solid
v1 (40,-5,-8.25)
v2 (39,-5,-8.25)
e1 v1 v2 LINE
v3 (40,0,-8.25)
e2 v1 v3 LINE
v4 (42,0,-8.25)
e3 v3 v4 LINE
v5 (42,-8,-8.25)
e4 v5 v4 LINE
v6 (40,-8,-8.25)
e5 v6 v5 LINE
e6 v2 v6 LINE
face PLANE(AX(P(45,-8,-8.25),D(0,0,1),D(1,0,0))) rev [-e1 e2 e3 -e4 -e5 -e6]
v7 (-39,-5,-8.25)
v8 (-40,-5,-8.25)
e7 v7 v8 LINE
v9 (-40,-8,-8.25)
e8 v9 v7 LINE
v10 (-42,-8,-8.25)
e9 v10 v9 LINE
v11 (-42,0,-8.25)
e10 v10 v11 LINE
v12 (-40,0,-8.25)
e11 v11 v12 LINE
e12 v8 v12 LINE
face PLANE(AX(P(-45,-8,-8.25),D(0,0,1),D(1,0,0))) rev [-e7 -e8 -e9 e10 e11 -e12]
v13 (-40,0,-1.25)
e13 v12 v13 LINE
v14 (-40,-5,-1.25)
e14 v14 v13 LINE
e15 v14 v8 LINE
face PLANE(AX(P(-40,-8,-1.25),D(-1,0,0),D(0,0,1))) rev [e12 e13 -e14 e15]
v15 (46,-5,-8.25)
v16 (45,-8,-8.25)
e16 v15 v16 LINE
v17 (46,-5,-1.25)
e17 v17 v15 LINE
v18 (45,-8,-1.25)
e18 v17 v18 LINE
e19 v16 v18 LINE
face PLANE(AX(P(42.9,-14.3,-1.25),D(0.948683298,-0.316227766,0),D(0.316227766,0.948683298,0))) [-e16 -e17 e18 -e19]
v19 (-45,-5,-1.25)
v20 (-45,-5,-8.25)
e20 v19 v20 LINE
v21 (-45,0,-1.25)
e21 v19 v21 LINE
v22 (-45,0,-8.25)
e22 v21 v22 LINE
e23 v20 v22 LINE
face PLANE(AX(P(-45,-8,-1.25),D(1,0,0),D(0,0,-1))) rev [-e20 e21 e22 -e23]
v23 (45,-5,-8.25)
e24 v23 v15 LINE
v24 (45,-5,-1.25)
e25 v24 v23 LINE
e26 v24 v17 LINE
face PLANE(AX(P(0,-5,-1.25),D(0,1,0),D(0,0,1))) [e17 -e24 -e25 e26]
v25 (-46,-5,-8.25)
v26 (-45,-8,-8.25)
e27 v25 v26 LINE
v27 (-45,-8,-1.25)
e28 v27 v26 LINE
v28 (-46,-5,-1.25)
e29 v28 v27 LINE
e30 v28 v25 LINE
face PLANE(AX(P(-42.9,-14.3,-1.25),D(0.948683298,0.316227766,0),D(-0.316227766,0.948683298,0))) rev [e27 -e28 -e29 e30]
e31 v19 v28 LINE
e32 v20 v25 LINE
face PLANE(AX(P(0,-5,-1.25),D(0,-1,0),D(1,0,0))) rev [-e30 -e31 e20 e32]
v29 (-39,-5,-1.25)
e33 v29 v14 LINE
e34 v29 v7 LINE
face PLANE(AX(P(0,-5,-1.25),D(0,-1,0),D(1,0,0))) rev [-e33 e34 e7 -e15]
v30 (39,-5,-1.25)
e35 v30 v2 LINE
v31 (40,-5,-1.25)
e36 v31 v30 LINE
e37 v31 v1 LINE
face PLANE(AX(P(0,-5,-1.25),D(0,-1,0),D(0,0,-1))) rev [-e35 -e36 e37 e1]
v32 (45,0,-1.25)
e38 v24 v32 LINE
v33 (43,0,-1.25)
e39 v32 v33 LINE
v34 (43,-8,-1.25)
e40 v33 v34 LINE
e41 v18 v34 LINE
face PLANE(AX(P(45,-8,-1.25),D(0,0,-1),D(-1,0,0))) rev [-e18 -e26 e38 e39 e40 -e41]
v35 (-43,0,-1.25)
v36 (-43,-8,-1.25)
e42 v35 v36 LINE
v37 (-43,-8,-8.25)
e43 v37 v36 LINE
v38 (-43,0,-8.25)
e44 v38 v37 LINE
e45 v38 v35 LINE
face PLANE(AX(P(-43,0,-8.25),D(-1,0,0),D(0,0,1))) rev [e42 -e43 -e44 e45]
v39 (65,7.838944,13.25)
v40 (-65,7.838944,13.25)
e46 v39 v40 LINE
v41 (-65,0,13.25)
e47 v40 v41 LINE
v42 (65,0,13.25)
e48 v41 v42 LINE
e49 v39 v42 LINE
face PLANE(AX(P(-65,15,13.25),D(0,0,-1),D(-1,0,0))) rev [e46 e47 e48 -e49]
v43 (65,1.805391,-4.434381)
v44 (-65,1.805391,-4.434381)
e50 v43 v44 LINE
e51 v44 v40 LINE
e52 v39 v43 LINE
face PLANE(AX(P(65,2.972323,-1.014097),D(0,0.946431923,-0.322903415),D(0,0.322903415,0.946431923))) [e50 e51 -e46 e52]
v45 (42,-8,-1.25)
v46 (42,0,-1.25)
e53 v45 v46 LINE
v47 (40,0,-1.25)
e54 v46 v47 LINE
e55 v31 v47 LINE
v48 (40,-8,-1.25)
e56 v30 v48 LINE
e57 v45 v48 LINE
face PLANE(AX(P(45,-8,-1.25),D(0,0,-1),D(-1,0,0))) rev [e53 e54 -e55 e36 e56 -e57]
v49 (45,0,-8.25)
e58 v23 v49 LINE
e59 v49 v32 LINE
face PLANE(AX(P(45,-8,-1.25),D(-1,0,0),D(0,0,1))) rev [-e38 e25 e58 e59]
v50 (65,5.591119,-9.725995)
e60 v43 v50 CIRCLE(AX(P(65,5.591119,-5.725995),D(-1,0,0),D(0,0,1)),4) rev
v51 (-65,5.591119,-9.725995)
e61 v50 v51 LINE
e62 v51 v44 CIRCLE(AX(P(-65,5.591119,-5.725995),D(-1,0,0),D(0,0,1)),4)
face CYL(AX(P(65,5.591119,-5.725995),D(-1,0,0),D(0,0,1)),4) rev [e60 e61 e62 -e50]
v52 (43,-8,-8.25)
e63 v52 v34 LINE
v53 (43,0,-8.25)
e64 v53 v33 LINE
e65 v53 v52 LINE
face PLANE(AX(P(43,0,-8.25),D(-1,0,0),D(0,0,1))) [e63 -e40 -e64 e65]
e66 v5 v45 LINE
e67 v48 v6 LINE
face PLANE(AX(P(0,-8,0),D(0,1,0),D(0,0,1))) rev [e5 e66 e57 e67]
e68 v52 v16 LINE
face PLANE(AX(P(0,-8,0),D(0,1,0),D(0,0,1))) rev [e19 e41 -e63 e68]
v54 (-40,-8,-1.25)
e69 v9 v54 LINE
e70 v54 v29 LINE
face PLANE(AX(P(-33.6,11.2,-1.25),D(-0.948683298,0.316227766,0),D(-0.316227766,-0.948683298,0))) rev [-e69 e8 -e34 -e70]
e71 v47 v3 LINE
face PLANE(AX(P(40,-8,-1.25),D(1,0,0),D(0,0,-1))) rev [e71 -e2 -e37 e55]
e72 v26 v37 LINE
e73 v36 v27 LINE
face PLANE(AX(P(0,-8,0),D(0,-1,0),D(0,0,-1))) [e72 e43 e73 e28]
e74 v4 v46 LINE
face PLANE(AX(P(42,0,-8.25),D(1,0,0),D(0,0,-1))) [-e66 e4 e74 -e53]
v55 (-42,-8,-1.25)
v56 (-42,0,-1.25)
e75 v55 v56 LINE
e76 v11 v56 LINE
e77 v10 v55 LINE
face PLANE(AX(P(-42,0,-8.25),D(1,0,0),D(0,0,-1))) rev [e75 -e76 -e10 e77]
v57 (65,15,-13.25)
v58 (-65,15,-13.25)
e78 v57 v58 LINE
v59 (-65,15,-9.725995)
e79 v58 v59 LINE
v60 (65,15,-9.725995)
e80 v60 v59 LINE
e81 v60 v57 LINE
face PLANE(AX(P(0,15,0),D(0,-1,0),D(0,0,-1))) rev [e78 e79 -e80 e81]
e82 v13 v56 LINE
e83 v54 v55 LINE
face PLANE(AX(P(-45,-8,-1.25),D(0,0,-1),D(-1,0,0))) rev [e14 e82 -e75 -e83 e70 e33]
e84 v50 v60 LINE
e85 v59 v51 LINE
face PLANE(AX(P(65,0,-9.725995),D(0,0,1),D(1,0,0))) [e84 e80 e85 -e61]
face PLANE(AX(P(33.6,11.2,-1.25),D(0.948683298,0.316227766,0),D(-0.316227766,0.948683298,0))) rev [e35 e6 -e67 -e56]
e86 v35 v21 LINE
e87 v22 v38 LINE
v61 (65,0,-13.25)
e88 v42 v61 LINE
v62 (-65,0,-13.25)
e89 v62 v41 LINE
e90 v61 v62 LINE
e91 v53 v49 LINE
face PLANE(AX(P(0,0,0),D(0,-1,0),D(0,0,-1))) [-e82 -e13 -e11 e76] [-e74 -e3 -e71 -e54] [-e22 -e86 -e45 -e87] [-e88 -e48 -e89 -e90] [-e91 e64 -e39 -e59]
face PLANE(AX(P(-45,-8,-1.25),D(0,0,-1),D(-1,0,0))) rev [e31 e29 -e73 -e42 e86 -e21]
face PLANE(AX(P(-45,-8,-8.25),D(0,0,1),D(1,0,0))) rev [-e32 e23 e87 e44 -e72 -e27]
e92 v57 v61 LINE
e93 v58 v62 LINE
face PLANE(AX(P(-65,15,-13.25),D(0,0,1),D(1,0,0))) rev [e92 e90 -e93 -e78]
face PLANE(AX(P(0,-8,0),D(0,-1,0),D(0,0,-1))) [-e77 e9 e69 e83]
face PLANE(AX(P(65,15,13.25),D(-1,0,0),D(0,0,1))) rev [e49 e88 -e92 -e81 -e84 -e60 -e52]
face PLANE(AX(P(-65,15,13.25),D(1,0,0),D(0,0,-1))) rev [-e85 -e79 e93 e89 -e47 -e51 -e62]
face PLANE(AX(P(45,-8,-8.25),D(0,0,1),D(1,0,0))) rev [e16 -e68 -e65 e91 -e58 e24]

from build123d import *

# Parameters (mm, degrees)
SKETCH1_W               = 130
SKETCH1_H               = 26.5
BOSS_EXTRUDE2_DEPTH     = 15
CUT_EXTRUDE1_DEPTH      = 132.531602666
CUT_EXTRUDE1_DEPTH_BACK = 132.531602666
SKETCH4_W               = 5
SKETCH4_H               = 7
BOSS_EXTRUDE3_DEPTH     = 8
BOSS_EXTRUDE4_DEPTH     = 3.5
SKETCH5_3_W             = 1
SKETCH5_3_H             = 8
CUT_EXTRUDE2_DEPTH      = 3.5


with BuildPart() as part:
    # Sketch1 → Boss-Extrude2 (new body)
    with BuildSketch(Plane(origin=(0, 0, 0), x_dir=(1, 0, 0), z_dir=(0, 1, 0))):
        Rectangle(SKETCH1_W, SKETCH1_H)
    extrude(amount=BOSS_EXTRUDE2_DEPTH)

    # Sketch2 → Cut-Extrude1 (cut, two sides: drawn at the far end of the back side and taken through both)
    with BuildSketch(Plane.ZY.offset(65).offset(-CUT_EXTRUDE1_DEPTH_BACK)):
        with BuildLine():
            Line((-4.434381462, 1.80539147), (13.25, 7.838944467))
            Line((13.25, 7.838944467), (13.25, 15))
            Line((13.25, 15), (-9.725995121, 15))
            Line((-9.725995121, 15), (-9.725995121, 5.591119162))
            ThreePointArc((-9.725995121, 5.591119162), (-8.053391237, 2.337931907), (-4.434381462, 1.80539147))
        make_face()
    extrude(amount=CUT_EXTRUDE1_DEPTH + CUT_EXTRUDE1_DEPTH_BACK, mode=Mode.SUBTRACT)

    # Sketch4 → Boss-Extrude3 (add)
    with BuildSketch(Plane.XZ):
        with Locations((-42.5, -4.75)):
            Rectangle(SKETCH4_W, SKETCH4_H)
        with Locations((42.5, -4.75)):
            Rectangle(SKETCH4_W, SKETCH4_H)
    extrude(amount=BOSS_EXTRUDE3_DEPTH)

    # Sketch5 → Boss-Extrude4 (add, symmetric)
    with BuildSketch(Plane.XY.offset(-4.75)):
        Polygon((-45, -8), (-45, -5), (-46, -5), align=None)
        Polygon((-40, -5), (-40, -8), (-39, -5), align=None)
        Polygon((46, -5), (45, -5), (45, -8), align=None)
        Polygon((40, -8), (40, -5), (39, -5), align=None)
    extrude(amount=BOSS_EXTRUDE4_DEPTH, both=True)

    # Sketch5<3> → Cut-Extrude2 (cut, symmetric)
    with BuildSketch(Plane.XY.offset(-4.75)):
        with Locations((-42.5, -4)):
            Rectangle(SKETCH5_3_W, SKETCH5_3_H)
        with Locations((42.5, -4)):
            Rectangle(SKETCH5_3_W, SKETCH5_3_H)
    extrude(amount=CUT_EXTRUDE2_DEPTH, both=True, mode=Mode.SUBTRACT)


solid = part.part
